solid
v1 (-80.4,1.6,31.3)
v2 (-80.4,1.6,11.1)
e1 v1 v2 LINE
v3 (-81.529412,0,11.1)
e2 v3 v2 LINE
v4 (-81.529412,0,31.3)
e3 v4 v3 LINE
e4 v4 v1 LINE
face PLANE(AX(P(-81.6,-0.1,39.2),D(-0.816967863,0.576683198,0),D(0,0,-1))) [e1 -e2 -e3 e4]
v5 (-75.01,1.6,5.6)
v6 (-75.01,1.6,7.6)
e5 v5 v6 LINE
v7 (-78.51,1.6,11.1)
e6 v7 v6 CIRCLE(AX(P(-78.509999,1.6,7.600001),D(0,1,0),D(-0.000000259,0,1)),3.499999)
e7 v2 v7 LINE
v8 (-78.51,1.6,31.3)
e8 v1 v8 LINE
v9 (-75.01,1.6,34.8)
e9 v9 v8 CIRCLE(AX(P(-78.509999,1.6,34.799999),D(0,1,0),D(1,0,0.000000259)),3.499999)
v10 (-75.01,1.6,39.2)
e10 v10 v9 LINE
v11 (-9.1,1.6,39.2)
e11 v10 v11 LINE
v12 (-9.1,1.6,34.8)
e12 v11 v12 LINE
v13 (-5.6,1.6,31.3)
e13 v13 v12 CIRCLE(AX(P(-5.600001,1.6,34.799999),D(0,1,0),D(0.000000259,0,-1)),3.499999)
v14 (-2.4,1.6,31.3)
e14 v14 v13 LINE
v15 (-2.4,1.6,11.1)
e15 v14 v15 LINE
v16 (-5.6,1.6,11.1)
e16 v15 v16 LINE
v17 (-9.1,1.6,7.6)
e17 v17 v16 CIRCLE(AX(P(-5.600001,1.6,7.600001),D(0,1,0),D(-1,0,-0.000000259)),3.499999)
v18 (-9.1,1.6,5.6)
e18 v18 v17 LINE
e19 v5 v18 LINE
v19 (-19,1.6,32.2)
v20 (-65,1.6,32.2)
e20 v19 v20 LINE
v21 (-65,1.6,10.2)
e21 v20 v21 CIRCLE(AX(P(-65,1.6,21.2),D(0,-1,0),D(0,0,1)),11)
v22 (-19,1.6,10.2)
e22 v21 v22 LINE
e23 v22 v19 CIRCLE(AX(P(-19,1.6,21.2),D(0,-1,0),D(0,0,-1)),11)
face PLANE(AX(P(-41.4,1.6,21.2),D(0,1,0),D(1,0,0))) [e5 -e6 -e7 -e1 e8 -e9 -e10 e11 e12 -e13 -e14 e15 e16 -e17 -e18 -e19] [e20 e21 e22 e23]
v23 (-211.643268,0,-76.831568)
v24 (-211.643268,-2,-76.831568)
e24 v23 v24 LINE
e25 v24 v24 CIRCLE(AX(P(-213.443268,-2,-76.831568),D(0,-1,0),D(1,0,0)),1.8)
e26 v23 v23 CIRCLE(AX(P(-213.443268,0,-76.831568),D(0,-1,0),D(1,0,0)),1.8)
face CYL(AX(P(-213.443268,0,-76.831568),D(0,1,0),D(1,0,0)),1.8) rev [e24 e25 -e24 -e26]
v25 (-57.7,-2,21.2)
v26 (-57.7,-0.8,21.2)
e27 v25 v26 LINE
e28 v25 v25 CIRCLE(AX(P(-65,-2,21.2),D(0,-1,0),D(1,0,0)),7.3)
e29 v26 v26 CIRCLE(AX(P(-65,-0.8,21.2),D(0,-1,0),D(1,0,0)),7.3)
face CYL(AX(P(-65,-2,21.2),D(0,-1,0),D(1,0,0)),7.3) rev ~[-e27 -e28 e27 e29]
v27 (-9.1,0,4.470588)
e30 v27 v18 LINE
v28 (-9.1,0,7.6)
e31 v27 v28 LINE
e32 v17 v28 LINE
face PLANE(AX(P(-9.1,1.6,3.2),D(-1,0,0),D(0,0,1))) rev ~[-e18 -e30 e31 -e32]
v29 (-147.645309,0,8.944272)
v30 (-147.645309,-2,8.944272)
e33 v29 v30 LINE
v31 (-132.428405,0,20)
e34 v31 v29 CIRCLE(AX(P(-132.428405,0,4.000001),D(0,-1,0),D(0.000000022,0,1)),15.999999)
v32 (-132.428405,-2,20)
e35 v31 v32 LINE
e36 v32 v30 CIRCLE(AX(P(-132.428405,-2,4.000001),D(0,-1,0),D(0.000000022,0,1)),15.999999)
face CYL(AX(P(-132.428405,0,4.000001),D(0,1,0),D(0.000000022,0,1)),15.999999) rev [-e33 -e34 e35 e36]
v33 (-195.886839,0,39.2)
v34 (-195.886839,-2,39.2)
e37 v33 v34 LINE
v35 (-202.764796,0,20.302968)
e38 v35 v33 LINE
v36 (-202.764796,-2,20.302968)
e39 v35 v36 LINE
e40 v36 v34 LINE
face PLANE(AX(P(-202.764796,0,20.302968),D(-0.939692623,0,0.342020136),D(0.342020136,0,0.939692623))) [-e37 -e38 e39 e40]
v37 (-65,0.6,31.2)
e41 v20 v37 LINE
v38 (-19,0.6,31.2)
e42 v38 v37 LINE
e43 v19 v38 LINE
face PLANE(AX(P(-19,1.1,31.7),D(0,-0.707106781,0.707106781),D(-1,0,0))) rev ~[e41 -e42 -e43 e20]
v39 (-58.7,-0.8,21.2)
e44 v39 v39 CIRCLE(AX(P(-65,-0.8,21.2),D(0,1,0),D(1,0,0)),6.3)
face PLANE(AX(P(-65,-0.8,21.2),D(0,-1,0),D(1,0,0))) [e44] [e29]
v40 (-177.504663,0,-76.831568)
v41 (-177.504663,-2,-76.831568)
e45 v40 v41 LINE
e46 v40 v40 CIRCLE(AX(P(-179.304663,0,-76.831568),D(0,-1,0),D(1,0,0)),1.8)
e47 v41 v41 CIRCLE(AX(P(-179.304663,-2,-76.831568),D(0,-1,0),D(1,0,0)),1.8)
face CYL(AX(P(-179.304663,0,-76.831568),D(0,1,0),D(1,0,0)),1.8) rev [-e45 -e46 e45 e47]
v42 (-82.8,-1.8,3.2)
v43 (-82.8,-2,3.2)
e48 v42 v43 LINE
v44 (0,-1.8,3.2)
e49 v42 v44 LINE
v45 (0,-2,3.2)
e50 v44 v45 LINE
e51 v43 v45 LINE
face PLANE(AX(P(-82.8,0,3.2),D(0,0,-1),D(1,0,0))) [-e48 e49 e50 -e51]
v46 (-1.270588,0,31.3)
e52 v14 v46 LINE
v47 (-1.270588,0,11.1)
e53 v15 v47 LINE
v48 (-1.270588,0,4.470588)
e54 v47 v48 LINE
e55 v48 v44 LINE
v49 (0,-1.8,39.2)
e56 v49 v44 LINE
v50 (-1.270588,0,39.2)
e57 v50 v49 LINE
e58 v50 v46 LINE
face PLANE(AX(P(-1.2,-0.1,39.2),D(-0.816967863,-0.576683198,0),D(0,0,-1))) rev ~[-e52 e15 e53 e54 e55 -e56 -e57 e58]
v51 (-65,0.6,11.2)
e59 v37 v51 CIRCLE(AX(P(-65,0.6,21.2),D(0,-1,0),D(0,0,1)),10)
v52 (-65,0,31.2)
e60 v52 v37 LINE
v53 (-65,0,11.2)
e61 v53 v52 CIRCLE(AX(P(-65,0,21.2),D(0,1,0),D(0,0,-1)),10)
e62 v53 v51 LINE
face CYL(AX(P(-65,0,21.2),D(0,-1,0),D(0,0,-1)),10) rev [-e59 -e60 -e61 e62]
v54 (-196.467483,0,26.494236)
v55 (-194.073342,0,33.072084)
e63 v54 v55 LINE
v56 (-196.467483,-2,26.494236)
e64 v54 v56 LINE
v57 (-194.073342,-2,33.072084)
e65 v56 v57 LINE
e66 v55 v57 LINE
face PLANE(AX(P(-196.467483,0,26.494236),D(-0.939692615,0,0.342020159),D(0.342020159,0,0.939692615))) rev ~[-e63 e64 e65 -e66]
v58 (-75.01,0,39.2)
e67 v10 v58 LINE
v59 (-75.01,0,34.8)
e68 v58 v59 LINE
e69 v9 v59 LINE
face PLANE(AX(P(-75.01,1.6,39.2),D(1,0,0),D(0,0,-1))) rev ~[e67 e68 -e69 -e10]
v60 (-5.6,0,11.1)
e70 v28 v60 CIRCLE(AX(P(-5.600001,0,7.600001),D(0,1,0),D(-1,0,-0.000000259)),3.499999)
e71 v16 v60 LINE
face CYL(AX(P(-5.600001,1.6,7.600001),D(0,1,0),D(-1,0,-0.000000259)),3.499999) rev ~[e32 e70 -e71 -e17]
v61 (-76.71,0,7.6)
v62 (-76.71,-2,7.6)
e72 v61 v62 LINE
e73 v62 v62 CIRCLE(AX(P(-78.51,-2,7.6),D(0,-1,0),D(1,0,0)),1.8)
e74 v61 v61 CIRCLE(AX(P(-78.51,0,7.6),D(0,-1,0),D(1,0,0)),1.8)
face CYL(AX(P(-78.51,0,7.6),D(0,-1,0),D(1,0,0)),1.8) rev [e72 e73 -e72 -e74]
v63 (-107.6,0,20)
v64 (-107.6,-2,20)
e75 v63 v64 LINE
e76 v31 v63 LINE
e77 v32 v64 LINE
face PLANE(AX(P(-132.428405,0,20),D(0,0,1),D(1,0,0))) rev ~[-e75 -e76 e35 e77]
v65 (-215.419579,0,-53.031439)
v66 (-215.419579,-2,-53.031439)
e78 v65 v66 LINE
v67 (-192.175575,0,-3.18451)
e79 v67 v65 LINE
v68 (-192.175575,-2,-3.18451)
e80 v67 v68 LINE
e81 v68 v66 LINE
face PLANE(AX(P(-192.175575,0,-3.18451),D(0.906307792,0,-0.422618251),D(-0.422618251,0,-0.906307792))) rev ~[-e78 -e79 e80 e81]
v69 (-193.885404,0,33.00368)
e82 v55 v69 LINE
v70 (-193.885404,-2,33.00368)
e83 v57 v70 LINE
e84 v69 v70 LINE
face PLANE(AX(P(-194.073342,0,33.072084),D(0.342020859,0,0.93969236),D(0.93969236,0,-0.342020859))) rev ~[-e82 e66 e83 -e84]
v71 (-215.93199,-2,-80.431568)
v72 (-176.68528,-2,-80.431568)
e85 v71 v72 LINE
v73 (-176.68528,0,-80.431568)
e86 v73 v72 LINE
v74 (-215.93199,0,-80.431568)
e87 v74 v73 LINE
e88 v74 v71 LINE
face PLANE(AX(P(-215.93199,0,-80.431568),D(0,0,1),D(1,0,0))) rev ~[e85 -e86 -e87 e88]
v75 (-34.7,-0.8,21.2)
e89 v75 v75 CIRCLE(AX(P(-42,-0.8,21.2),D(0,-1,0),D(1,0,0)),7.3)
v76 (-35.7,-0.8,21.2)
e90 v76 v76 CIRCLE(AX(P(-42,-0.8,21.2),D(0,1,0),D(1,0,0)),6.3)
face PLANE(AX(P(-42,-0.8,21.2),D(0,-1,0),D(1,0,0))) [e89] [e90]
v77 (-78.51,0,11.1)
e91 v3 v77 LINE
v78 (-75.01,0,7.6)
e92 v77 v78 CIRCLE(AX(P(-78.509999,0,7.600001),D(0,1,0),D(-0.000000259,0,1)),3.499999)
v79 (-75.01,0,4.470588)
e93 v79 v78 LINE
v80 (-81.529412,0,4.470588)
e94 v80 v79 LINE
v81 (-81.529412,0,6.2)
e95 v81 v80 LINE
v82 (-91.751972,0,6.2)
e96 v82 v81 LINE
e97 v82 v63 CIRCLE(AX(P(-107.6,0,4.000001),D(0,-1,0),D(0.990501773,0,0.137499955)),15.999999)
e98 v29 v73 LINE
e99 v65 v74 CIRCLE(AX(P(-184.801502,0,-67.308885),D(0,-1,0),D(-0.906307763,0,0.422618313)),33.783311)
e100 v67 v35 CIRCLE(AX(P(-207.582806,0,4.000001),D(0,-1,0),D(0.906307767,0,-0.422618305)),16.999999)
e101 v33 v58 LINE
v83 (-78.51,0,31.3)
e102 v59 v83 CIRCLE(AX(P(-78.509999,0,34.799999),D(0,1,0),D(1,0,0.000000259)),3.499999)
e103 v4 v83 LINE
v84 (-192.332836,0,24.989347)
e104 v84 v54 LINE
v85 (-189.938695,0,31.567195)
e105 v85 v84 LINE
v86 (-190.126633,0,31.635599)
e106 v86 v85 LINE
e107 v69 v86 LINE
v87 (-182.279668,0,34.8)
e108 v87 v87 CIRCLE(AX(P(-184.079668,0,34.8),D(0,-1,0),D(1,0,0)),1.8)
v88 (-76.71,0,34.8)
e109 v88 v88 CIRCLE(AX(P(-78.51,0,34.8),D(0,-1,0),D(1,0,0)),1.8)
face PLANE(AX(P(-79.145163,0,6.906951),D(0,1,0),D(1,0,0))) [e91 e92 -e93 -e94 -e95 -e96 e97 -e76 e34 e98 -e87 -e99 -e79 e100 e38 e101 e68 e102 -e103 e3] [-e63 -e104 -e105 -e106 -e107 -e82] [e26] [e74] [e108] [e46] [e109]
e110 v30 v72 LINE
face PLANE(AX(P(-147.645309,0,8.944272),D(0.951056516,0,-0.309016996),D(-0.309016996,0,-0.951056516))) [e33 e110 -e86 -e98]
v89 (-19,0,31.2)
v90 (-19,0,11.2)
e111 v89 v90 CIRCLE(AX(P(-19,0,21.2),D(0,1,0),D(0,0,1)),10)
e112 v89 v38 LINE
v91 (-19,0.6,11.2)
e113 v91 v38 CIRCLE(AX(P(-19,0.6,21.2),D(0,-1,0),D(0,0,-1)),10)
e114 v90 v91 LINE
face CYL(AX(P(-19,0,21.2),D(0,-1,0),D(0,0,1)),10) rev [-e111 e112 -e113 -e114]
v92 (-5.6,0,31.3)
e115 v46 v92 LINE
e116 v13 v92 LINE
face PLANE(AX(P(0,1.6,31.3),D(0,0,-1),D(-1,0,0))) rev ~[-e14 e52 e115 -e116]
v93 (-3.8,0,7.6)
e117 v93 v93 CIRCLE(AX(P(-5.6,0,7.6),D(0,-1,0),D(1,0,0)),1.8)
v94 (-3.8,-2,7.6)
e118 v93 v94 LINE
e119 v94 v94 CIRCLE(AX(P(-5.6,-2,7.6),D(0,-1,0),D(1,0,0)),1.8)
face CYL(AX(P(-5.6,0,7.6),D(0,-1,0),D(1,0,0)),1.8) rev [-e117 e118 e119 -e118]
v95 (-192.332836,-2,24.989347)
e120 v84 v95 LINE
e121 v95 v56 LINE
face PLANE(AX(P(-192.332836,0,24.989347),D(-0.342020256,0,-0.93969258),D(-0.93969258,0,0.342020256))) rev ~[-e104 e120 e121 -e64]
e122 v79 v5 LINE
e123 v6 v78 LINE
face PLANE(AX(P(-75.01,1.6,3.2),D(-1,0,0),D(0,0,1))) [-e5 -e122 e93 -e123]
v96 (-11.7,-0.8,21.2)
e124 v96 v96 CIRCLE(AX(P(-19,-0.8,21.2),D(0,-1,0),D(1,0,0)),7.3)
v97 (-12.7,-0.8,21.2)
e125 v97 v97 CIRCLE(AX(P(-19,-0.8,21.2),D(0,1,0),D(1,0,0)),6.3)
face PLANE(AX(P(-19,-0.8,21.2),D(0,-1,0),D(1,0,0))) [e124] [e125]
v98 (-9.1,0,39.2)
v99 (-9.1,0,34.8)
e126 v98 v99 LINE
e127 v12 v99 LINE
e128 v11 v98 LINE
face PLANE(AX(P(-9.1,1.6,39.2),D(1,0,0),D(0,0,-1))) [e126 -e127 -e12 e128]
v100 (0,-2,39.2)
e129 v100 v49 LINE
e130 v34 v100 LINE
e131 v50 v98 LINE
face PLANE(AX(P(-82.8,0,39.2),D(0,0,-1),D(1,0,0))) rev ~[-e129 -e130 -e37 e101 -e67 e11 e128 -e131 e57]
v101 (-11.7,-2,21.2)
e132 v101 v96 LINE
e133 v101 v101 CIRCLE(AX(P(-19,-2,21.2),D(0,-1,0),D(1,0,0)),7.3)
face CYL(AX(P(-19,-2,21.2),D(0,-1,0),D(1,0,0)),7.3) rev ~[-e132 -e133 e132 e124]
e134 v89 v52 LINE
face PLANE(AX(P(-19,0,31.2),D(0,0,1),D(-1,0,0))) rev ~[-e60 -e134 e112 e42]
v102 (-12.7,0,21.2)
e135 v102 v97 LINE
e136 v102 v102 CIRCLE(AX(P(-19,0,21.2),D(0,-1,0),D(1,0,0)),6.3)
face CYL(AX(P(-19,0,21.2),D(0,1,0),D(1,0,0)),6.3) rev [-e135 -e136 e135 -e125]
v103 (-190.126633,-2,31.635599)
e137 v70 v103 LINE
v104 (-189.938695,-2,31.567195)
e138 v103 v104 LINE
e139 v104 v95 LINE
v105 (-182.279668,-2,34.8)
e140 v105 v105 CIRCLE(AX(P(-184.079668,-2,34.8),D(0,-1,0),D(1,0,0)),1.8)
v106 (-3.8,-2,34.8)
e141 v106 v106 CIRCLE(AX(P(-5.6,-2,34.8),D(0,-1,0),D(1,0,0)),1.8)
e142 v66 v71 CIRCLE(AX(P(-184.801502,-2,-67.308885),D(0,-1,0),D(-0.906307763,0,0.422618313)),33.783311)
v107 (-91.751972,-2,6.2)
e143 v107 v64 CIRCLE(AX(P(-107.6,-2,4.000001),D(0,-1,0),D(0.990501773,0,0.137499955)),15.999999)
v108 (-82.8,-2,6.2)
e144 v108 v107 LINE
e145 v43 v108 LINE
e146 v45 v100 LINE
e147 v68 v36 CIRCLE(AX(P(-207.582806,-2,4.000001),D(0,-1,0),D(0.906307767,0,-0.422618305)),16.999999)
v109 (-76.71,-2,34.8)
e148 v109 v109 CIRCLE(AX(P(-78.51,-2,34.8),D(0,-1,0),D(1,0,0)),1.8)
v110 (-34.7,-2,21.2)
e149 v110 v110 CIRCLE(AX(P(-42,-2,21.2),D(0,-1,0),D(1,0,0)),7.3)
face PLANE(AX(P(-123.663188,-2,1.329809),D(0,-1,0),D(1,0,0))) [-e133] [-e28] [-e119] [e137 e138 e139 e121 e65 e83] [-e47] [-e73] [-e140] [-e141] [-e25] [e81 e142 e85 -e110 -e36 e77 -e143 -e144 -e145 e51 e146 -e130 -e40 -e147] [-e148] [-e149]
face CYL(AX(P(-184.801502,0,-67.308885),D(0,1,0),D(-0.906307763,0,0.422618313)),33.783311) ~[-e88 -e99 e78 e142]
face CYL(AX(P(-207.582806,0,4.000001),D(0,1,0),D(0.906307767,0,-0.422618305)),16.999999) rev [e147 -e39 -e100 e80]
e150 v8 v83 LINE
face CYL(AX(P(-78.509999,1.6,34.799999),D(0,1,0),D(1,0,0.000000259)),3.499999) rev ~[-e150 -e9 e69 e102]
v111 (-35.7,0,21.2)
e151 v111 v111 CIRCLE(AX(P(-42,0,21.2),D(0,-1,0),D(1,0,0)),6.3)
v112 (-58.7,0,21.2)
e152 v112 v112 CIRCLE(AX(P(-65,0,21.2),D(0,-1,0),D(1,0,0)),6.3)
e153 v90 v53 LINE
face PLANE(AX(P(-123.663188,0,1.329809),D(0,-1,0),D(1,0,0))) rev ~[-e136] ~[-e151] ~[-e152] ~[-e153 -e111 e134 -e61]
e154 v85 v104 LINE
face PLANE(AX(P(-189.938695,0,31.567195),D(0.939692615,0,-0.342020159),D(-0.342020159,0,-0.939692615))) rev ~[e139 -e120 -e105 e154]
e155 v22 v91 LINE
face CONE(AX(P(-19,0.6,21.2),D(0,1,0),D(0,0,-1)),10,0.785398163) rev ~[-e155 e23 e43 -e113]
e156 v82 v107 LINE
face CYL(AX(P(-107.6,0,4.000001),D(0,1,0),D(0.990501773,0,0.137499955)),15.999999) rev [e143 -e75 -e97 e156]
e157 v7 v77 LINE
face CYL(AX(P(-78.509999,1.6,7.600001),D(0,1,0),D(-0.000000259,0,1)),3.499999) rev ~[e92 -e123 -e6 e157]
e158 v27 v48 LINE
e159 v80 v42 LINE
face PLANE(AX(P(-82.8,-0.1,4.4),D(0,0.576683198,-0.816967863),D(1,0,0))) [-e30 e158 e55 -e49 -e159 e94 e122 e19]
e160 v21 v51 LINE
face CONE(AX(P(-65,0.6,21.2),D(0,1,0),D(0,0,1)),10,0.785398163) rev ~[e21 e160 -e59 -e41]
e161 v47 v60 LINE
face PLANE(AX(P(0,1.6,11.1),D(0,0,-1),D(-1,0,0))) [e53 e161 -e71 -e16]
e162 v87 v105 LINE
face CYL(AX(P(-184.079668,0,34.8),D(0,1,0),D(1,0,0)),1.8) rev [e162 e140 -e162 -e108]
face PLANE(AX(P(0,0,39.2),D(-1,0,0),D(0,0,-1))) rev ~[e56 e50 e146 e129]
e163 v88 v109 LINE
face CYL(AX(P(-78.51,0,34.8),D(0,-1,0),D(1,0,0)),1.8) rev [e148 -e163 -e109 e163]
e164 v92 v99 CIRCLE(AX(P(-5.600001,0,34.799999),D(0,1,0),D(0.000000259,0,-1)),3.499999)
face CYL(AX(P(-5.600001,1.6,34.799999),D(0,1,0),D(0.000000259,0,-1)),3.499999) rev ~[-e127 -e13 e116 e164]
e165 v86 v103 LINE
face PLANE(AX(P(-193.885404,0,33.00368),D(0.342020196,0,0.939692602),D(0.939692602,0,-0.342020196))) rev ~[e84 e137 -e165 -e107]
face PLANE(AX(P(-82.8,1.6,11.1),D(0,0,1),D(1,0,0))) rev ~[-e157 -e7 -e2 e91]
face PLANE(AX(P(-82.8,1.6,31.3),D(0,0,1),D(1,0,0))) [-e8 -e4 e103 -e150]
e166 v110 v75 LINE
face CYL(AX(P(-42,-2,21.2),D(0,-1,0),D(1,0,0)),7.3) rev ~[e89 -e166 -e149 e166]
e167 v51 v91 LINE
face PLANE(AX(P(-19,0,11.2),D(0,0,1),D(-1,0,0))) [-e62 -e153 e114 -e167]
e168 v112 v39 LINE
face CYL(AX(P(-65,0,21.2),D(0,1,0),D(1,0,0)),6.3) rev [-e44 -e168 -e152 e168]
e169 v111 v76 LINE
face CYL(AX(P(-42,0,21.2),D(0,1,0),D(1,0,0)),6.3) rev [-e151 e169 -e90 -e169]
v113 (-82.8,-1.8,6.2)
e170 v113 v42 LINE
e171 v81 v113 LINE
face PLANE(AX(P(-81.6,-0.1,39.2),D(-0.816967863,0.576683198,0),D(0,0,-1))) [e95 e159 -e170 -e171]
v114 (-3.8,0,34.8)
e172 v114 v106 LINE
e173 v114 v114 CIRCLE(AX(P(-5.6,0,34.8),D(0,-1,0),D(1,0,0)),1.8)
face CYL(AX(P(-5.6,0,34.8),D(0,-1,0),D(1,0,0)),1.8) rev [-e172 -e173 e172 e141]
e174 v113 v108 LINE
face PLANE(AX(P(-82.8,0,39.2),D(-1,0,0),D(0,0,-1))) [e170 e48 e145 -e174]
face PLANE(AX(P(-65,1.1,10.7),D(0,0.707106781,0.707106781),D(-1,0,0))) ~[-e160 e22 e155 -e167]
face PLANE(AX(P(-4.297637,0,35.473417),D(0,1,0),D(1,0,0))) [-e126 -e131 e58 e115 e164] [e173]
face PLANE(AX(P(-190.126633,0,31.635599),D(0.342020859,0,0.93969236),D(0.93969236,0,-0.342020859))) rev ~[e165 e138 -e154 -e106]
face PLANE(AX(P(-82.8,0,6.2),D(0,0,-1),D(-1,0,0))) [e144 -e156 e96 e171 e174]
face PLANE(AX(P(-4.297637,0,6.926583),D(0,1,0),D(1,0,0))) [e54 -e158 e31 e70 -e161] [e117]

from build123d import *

# Parameters (mm, degrees)
SKETCH074_R      = 1.8
SKETCH074_R_2    = 6.3
PAD004_DEPTH     = 2
SKETCH091_R      = 7.3
POCKET001_DEPTH  = 1.2
SKETCH092_W      = 82.8
SKETCH092_H      = 36
SKETCH092_R      = 1.8
PAD005_DEPTH     = 1.6
CHAMFER001_SIZE2 = 3.4
CHAMFER001_SIZE  = 2.4
POCKET002_DEPTH  = 1.6
CHAMFER002_SIZE  = 1


with BuildPart() as part:
    # Sketch074 → Pad004 (new body)
    with BuildSketch(Plane.XZ):
        with BuildLine():
            Line((-82.8, 3.2), (0, 3.2))
            Line((0, 3.2), (0, 39.2))
            Line((-195.886839, 39.2), (0, 39.2))
            Line((-202.764796, 20.302968), (-195.886839, 39.2))
            ThreePointArc((-192.175575, -3.18451), (-192.085048, 10.987093), (-202.764796, 20.302968))
            Line((-192.175575, -3.18451), (-215.419579, -53.031439))
            ThreePointArc((-215.419579, -53.031439), (-218.578907, -66.677212), (-215.93199, -80.431568))
            Line((-215.93199, -80.431568), (-176.68528, -80.431568))
            Line((-147.645309, 8.944272), (-176.68528, -80.431568))
            ThreePointArc((-132.428405, 20), (-141.832969, 16.944272), (-147.645309, 8.944272))
            Line((-132.428405, 20), (-107.6, 20))
            ThreePointArc((-91.751972, 6.2), (-97.09286, 16.066483), (-107.6, 20))
            Line((-82.8, 6.2), (-91.751972, 6.2))
            Line((-82.8, 3.2), (-82.8, 6.2))
        make_face()
        with Locations((-213.443268, -76.831568)):
            Circle(SKETCH074_R, mode=Mode.SUBTRACT)
        with Locations((-179.304663, -76.831568)):
            Circle(SKETCH074_R, mode=Mode.SUBTRACT)
        with Locations((-184.079668, 34.8)):
            Circle(SKETCH074_R, mode=Mode.SUBTRACT)
        with Locations((-78.51, 34.8)):
            Circle(SKETCH074_R, mode=Mode.SUBTRACT)
        with Locations((-78.51, 7.6)):
            Circle(SKETCH074_R, mode=Mode.SUBTRACT)
        with Locations((-5.6, 34.8)):
            Circle(SKETCH074_R, mode=Mode.SUBTRACT)
        with Locations((-5.6, 7.6)):
            Circle(SKETCH074_R, mode=Mode.SUBTRACT)
        with Locations((-19, 21.2)):
            Circle(SKETCH074_R_2, mode=Mode.SUBTRACT)
        with Locations((-42, 21.2)):
            Circle(SKETCH074_R_2, mode=Mode.SUBTRACT)
        with Locations((-65, 21.2)):
            Circle(SKETCH074_R_2, mode=Mode.SUBTRACT)
        Polygon((-189.938695, 31.567195), (-192.332836, 24.989347), (-196.467483, 26.494236), (-194.073342, 33.072084), (-193.885404, 33.00368), (-190.126633, 31.635599), align=None, mode=Mode.SUBTRACT)
    extrude(amount=PAD004_DEPTH)

    # Sketch091 (on Face29 of Pad004) → Pocket001 (cut)
    with BuildSketch(Plane.XZ.offset(2)):
        with Locations((-65, 21.2)):
            Circle(SKETCH091_R)
        with Locations((-42, 21.2)):
            Circle(SKETCH091_R)
        with Locations((-19, 21.2)):
            Circle(SKETCH091_R)
    extrude(amount=-POCKET001_DEPTH, mode=Mode.SUBTRACT)

    # Sketch092 (on Face4 of Pocket001) → Pad005 (join)
    with BuildSketch(Plane(origin=(0, 0, 0), x_dir=(1, 0, 0), z_dir=(0, 1, 0))):
        with Locations((-41.4, -21.2)):
            Rectangle(SKETCH092_W, SKETCH092_H)
        with Locations((-5.6, -34.8)):
            Circle(SKETCH092_R, mode=Mode.SUBTRACT)
        with Locations((-5.6, -7.6)):
            Circle(SKETCH092_R, mode=Mode.SUBTRACT)
        with Locations((-78.51, -34.8)):
            Circle(SKETCH092_R, mode=Mode.SUBTRACT)
        with Locations((-78.51, -7.6)):
            Circle(SKETCH092_R, mode=Mode.SUBTRACT)
        with BuildLine():
            ThreePointArc((-19, -31.2), (-9, -21.2), (-19, -11.2))
            Line((-19, -11.2), (-65, -11.2))
            ThreePointArc((-65, -11.2), (-75, -21.2), (-65, -31.2))
            Line((-19, -31.2), (-65, -31.2))
        make_face(mode=Mode.SUBTRACT)
    extrude(amount=PAD005_DEPTH)

    # Chamfer001
    chamfer001_edges = [part.edges().sort_by_distance(p)[0] for p in [
        (0, 1.6, 21.2),
        (-41.4, 1.6, 3.2),
        (-82.8, 1.6, 21.2),
    ]]
    chamfer001_side = part.faces().sort_by_distance((-41.4, 1.6, 4.102875))[0]
    chamfer(chamfer001_edges, length=CHAMFER001_SIZE, length2=CHAMFER001_SIZE2, reference=chamfer001_side)

    # Sketch093 (on Face1 of Chamfer001) → Pocket002 (cut)
    with BuildSketch(Plane(origin=(0, 1.6, 0), x_dir=(1, 0, 0), z_dir=(0, 1, 0))):
        with BuildLine():
            ThreePointArc((-5.6, -31.3), (-8.074874, -32.325126), (-9.1, -34.8))
            Line((-9.1, -39.2), (-9.1, -34.8))
            Line((0, -39.2), (-9.1, -39.2))
            Line((0, -39.2), (0, -31.3))
            Line((0, -31.3), (-5.6, -31.3))
        make_face()
        with BuildLine():
            ThreePointArc((-75.01, -34.8), (-76.035126, -32.325126), (-78.51, -31.3))
            Line((-82.8, -31.3), (-78.51, -31.3))
            Line((-82.8, -39.2), (-82.8, -31.3))
            Line((-82.8, -39.2), (-75.01, -39.2))
            Line((-75.01, -39.2), (-75.01, -34.8))
        make_face()
        with BuildLine():
            ThreePointArc((-9.1, -7.6), (-8.074874, -10.074874), (-5.6, -11.1))
            Line((0, -11.1), (-5.6, -11.1))
            Line((0, -3.2), (0, -11.1))
            Line((0, -3.2), (-9.1, -3.2))
            Line((-9.1, -3.2), (-9.1, -7.6))
        make_face()
        with BuildLine():
            ThreePointArc((-78.51, -11.1), (-76.035126, -10.074874), (-75.01, -7.6))
            Line((-75.01, -3.2), (-75.01, -7.6))
            Line((-82.8, -3.2), (-75.01, -3.2))
            Line((-82.8, -3.2), (-82.8, -11.1))
            Line((-82.8, -11.1), (-78.51, -11.1))
        make_face()
    extrude(amount=-POCKET002_DEPTH, mode=Mode.SUBTRACT)

    # Chamfer002
    chamfer002_edges = [part.edges().sort_by_distance(p)[0] for p in [
        (-42, 1.6, 31.2),
        (-9, 1.6, 21.2),
        (-42, 1.6, 11.2),
        (-75, 1.6, 21.2),
    ]]
    chamfer(chamfer002_edges, length=CHAMFER002_SIZE)


solid = part.part
